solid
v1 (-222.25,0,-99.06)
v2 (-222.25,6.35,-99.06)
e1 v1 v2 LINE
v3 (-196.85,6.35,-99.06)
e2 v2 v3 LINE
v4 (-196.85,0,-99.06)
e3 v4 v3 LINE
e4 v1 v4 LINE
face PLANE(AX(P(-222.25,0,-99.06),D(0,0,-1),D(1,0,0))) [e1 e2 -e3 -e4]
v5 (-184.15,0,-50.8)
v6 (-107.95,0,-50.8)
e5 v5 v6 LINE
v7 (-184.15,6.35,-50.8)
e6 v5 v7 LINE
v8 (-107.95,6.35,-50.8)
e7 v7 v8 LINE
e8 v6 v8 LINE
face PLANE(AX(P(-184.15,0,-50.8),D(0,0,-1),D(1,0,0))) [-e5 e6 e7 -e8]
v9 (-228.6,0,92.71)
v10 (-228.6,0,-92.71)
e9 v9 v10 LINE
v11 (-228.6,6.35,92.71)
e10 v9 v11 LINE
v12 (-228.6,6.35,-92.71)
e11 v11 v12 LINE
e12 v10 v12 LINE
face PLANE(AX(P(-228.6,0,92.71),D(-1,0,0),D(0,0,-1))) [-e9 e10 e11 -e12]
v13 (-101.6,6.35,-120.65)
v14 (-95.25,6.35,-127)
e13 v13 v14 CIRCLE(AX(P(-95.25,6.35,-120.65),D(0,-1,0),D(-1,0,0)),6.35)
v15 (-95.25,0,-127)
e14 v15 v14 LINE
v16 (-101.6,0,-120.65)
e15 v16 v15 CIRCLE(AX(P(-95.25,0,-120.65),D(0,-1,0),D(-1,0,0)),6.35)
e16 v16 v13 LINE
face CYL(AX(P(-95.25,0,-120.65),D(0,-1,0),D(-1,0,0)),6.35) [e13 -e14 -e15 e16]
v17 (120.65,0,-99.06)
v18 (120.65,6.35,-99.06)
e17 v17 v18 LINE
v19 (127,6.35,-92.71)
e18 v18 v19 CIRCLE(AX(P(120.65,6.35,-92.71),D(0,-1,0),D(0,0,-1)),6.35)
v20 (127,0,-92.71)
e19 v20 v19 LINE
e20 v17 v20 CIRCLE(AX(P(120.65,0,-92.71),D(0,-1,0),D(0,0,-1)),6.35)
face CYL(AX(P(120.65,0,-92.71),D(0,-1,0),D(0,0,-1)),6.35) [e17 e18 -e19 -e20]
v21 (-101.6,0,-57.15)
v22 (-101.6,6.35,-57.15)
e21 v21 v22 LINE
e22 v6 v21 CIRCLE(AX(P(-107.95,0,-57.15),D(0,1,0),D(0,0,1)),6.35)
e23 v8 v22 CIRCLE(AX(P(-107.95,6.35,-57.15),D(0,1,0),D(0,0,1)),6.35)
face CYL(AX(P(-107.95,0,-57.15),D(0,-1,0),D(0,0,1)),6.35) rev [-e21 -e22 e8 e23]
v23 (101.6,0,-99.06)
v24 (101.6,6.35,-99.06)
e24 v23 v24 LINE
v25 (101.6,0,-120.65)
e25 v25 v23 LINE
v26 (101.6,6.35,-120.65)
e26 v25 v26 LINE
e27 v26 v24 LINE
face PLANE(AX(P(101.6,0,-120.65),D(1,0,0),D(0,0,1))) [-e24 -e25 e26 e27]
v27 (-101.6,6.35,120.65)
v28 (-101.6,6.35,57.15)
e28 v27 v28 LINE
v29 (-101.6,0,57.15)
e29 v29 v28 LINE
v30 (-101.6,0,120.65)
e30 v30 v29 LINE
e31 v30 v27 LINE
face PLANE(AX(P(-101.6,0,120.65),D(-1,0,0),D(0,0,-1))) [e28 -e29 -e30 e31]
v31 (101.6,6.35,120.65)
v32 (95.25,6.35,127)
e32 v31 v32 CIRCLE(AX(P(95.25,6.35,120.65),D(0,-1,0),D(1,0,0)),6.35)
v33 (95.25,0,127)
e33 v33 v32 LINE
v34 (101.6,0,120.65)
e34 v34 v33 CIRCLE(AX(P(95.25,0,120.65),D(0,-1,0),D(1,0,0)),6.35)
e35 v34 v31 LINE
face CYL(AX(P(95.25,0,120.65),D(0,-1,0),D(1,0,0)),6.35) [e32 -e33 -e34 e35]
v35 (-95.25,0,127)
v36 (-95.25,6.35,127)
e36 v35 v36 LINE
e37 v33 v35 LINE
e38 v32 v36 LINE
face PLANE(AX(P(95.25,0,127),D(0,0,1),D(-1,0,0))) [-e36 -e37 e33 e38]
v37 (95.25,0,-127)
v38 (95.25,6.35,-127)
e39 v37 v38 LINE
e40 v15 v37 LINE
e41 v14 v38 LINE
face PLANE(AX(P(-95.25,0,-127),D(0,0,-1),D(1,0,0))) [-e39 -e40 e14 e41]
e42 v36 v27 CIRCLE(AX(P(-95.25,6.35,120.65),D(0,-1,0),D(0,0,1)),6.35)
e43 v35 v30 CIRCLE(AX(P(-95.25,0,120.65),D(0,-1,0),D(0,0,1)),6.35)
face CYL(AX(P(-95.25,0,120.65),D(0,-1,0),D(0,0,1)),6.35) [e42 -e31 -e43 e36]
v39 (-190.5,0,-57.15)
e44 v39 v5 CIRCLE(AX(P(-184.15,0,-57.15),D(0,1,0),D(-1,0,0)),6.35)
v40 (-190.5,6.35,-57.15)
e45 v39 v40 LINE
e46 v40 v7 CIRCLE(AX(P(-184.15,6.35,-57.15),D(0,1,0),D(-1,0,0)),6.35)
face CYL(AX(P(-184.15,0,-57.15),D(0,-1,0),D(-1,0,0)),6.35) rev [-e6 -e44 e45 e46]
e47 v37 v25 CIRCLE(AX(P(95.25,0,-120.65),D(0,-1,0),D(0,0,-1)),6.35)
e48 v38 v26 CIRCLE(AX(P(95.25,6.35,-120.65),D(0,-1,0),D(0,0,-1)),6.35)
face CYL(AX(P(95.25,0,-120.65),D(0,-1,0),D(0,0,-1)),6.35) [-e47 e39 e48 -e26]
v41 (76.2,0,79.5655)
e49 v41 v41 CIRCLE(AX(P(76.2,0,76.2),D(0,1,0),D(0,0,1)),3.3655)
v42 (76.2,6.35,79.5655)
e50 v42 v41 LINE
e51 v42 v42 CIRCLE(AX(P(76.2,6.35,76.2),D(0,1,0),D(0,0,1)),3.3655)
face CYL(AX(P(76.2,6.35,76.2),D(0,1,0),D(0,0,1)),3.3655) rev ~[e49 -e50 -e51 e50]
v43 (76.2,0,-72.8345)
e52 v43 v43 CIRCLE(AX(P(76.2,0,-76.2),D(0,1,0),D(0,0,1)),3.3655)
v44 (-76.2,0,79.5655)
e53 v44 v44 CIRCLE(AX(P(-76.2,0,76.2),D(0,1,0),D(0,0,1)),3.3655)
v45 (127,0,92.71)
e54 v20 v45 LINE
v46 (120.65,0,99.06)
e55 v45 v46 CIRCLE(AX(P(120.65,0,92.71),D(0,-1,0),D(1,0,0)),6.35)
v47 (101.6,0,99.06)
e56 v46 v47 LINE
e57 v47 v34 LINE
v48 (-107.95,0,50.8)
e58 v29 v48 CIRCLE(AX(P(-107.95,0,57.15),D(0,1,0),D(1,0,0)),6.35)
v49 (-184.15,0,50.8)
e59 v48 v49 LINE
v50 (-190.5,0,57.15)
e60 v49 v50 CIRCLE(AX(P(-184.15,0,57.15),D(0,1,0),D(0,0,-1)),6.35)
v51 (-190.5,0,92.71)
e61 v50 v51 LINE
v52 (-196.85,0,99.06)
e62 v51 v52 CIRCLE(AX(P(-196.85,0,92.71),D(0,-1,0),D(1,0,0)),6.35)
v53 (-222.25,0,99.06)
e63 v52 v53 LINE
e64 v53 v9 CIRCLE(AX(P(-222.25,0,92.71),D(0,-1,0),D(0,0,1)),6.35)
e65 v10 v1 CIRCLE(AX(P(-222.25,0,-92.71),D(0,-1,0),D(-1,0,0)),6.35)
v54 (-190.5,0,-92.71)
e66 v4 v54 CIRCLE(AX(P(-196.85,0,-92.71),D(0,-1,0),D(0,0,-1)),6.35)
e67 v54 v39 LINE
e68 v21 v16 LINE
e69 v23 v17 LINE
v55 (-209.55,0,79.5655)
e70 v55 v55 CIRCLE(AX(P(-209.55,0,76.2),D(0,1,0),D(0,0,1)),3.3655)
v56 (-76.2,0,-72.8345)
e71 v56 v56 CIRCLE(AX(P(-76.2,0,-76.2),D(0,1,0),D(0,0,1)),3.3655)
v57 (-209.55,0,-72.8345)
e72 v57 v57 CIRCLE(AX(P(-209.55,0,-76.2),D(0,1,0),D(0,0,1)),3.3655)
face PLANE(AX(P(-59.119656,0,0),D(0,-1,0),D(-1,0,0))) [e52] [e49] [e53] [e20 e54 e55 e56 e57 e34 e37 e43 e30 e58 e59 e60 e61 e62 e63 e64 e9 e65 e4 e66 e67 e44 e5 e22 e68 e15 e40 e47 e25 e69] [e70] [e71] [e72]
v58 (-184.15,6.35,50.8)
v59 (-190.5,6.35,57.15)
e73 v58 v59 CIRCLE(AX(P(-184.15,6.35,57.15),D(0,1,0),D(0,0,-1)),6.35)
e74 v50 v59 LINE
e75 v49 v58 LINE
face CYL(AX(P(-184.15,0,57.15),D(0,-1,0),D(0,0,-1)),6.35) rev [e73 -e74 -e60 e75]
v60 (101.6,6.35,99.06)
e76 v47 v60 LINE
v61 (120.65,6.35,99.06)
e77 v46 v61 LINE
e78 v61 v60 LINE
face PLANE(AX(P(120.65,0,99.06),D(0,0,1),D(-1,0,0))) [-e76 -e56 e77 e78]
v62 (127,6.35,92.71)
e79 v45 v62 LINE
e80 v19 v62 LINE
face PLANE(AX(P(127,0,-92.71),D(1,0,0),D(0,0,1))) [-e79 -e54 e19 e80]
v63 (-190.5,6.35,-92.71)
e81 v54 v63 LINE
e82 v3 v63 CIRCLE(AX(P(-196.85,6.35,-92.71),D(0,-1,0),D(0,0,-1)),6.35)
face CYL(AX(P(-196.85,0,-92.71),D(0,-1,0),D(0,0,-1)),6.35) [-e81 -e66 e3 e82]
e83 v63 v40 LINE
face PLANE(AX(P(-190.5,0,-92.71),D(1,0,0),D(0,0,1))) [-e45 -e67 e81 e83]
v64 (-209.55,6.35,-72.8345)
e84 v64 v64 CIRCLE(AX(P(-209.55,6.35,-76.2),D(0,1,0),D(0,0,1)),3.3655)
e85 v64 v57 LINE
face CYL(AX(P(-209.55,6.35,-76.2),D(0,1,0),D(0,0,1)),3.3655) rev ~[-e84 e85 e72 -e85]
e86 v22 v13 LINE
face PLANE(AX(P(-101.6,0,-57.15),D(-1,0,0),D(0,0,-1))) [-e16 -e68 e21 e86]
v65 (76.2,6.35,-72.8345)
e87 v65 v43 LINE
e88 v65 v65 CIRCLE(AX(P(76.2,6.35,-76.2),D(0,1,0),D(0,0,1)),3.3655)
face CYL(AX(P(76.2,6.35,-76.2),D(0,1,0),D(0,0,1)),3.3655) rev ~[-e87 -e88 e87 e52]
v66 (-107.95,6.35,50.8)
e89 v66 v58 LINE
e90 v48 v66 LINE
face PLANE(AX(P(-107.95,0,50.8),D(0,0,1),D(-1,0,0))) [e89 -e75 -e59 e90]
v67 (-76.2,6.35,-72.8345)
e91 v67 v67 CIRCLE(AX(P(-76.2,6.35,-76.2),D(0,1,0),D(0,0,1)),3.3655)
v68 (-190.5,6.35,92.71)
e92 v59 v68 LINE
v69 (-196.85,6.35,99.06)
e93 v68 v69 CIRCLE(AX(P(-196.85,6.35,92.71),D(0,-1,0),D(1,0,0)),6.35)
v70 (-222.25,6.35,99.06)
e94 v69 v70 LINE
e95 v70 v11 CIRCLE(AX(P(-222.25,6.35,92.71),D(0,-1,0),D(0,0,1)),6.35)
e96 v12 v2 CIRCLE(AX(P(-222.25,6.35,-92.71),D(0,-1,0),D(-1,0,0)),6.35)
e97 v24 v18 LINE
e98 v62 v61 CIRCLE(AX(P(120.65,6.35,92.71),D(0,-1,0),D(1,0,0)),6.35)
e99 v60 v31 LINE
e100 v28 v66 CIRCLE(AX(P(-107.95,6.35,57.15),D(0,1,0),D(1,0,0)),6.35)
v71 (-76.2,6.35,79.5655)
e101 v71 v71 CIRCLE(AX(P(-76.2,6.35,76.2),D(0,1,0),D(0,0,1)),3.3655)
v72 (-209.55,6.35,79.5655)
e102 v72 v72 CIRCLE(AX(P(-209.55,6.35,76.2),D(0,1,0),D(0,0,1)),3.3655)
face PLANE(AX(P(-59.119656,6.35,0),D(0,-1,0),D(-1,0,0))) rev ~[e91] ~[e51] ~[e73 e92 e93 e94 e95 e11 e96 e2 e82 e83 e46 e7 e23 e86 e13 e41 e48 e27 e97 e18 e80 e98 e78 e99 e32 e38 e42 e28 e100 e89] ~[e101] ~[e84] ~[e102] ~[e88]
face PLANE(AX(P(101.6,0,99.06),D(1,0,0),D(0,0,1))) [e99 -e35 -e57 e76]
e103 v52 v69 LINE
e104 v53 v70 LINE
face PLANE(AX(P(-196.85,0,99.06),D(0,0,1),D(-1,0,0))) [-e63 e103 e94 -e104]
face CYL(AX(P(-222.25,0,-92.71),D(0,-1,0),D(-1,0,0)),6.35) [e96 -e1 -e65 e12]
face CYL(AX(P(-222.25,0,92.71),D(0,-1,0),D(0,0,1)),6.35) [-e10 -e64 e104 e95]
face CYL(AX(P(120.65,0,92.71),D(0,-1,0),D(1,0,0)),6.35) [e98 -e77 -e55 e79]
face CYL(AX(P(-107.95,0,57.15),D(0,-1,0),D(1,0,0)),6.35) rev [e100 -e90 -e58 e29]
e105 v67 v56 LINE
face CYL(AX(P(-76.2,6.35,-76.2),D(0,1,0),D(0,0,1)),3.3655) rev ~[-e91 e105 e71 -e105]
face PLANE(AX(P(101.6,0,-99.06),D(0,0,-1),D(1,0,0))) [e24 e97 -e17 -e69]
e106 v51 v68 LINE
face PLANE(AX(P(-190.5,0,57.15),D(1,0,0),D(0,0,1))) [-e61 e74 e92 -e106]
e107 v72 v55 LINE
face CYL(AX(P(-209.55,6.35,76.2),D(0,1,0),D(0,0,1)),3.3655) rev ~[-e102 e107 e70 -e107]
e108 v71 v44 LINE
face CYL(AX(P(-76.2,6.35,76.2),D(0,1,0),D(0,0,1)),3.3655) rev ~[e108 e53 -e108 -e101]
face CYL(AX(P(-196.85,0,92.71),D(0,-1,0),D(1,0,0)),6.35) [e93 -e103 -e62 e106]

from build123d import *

# Parameters (mm, degrees)
BOSS_EXTRUDE1_DEPTH = 6.35
SKETCH2_R           = 3.3655
CUT_EXTRUDE1_DEPTH  = 262.586090036


with BuildPart() as part:
    # Sketch1 → Boss-Extrude1 (new body)
    with BuildSketch(Plane(origin=(0, 0, 0), x_dir=(1, 0, 0), z_dir=(0, 1, 0))):
        with BuildLine():
            Line((-222.25, 99.06), (-196.85, 99.06))
            ThreePointArc((-196.85, 99.06), (-192.359871939, 97.200128061), (-190.5, 92.71))
            Line((-190.5, 92.71), (-190.5, 57.15))
            ThreePointArc((-190.5, 57.15), (-188.640128061, 52.659871939), (-184.15, 50.8))
            Line((-184.15, 50.8), (-107.95, 50.8))
            ThreePointArc((-107.95, 50.8), (-103.459871939, 52.659871939), (-101.6, 57.15))
            Line((-101.6, 57.15), (-101.6, 120.65))
            ThreePointArc((-101.6, 120.65), (-99.740128061, 125.140128061), (-95.25, 127))
            Line((-95.25, 127), (95.25, 127))
            ThreePointArc((95.25, 127), (99.740128061, 125.140128061), (101.6, 120.65))
            Line((101.6, 120.65), (101.6, 99.06))
            Line((101.6, 99.06), (120.65, 99.06))
            ThreePointArc((120.65, 99.06), (125.14012806, 97.200128061), (127, 92.71))
            Line((127, 92.71), (127, -92.71))
            ThreePointArc((127, -92.71), (125.14012806, -97.200128061), (120.65, -99.06))
            Line((120.65, -99.06), (101.6, -99.06))
            Line((101.6, -99.06), (101.6, -120.65))
            ThreePointArc((101.6, -120.65), (99.740128061, -125.140128061), (95.25, -127))
            Line((95.25, -127), (-95.25, -127))
            ThreePointArc((-95.25, -127), (-99.740128061, -125.140128061), (-101.6, -120.65))
            Line((-101.6, -120.65), (-101.6, -57.15))
            ThreePointArc((-101.6, -57.15), (-103.459871939, -52.659871939), (-107.95, -50.8))
            Line((-107.95, -50.8), (-184.15, -50.8))
            ThreePointArc((-184.15, -50.8), (-188.640128061, -52.659871939), (-190.5, -57.15))
            Line((-190.5, -57.15), (-190.5, -92.71))
            ThreePointArc((-190.5, -92.71), (-192.359871939, -97.200128061), (-196.85, -99.06))
            Line((-196.85, -99.06), (-222.25, -99.06))
            ThreePointArc((-222.25, -99.06), (-226.740128061, -97.200128061), (-228.6, -92.71))
            Line((-228.6, -92.71), (-228.6, 92.71))
            ThreePointArc((-228.6, 92.71), (-226.740128061, 97.200128061), (-222.25, 99.06))
        make_face()
    extrude(amount=BOSS_EXTRUDE1_DEPTH)

    # Sketch2 → Cut-Extrude1 (cut, through all)
    with BuildSketch(Plane(origin=(0, 6.35, 0), x_dir=(1, 0, 0), z_dir=(0, 1, 0))):
        with Locations(Location((-76.2, 76.2, 0), (0, 0, 270))):
            Circle(SKETCH2_R)
        with Locations(Location((76.2, 76.2, 0), (0, 0, 270))):
            Circle(SKETCH2_R)
        with Locations(Location((-76.2, -76.2, 0), (0, 0, 270))):
            Circle(SKETCH2_R)
        with Locations(Location((76.2, -76.2, 0), (0, 0, 270))):
            Circle(SKETCH2_R)
        with Locations(Location((-209.55, 76.2, 0), (0, 0, 270))):
            Circle(SKETCH2_R)
        with Locations(Location((-209.55, -76.2, 0), (0, 0, 270))):
            Circle(SKETCH2_R)
    extrude(amount=-CUT_EXTRUDE1_DEPTH, mode=Mode.SUBTRACT)


solid = part.part
